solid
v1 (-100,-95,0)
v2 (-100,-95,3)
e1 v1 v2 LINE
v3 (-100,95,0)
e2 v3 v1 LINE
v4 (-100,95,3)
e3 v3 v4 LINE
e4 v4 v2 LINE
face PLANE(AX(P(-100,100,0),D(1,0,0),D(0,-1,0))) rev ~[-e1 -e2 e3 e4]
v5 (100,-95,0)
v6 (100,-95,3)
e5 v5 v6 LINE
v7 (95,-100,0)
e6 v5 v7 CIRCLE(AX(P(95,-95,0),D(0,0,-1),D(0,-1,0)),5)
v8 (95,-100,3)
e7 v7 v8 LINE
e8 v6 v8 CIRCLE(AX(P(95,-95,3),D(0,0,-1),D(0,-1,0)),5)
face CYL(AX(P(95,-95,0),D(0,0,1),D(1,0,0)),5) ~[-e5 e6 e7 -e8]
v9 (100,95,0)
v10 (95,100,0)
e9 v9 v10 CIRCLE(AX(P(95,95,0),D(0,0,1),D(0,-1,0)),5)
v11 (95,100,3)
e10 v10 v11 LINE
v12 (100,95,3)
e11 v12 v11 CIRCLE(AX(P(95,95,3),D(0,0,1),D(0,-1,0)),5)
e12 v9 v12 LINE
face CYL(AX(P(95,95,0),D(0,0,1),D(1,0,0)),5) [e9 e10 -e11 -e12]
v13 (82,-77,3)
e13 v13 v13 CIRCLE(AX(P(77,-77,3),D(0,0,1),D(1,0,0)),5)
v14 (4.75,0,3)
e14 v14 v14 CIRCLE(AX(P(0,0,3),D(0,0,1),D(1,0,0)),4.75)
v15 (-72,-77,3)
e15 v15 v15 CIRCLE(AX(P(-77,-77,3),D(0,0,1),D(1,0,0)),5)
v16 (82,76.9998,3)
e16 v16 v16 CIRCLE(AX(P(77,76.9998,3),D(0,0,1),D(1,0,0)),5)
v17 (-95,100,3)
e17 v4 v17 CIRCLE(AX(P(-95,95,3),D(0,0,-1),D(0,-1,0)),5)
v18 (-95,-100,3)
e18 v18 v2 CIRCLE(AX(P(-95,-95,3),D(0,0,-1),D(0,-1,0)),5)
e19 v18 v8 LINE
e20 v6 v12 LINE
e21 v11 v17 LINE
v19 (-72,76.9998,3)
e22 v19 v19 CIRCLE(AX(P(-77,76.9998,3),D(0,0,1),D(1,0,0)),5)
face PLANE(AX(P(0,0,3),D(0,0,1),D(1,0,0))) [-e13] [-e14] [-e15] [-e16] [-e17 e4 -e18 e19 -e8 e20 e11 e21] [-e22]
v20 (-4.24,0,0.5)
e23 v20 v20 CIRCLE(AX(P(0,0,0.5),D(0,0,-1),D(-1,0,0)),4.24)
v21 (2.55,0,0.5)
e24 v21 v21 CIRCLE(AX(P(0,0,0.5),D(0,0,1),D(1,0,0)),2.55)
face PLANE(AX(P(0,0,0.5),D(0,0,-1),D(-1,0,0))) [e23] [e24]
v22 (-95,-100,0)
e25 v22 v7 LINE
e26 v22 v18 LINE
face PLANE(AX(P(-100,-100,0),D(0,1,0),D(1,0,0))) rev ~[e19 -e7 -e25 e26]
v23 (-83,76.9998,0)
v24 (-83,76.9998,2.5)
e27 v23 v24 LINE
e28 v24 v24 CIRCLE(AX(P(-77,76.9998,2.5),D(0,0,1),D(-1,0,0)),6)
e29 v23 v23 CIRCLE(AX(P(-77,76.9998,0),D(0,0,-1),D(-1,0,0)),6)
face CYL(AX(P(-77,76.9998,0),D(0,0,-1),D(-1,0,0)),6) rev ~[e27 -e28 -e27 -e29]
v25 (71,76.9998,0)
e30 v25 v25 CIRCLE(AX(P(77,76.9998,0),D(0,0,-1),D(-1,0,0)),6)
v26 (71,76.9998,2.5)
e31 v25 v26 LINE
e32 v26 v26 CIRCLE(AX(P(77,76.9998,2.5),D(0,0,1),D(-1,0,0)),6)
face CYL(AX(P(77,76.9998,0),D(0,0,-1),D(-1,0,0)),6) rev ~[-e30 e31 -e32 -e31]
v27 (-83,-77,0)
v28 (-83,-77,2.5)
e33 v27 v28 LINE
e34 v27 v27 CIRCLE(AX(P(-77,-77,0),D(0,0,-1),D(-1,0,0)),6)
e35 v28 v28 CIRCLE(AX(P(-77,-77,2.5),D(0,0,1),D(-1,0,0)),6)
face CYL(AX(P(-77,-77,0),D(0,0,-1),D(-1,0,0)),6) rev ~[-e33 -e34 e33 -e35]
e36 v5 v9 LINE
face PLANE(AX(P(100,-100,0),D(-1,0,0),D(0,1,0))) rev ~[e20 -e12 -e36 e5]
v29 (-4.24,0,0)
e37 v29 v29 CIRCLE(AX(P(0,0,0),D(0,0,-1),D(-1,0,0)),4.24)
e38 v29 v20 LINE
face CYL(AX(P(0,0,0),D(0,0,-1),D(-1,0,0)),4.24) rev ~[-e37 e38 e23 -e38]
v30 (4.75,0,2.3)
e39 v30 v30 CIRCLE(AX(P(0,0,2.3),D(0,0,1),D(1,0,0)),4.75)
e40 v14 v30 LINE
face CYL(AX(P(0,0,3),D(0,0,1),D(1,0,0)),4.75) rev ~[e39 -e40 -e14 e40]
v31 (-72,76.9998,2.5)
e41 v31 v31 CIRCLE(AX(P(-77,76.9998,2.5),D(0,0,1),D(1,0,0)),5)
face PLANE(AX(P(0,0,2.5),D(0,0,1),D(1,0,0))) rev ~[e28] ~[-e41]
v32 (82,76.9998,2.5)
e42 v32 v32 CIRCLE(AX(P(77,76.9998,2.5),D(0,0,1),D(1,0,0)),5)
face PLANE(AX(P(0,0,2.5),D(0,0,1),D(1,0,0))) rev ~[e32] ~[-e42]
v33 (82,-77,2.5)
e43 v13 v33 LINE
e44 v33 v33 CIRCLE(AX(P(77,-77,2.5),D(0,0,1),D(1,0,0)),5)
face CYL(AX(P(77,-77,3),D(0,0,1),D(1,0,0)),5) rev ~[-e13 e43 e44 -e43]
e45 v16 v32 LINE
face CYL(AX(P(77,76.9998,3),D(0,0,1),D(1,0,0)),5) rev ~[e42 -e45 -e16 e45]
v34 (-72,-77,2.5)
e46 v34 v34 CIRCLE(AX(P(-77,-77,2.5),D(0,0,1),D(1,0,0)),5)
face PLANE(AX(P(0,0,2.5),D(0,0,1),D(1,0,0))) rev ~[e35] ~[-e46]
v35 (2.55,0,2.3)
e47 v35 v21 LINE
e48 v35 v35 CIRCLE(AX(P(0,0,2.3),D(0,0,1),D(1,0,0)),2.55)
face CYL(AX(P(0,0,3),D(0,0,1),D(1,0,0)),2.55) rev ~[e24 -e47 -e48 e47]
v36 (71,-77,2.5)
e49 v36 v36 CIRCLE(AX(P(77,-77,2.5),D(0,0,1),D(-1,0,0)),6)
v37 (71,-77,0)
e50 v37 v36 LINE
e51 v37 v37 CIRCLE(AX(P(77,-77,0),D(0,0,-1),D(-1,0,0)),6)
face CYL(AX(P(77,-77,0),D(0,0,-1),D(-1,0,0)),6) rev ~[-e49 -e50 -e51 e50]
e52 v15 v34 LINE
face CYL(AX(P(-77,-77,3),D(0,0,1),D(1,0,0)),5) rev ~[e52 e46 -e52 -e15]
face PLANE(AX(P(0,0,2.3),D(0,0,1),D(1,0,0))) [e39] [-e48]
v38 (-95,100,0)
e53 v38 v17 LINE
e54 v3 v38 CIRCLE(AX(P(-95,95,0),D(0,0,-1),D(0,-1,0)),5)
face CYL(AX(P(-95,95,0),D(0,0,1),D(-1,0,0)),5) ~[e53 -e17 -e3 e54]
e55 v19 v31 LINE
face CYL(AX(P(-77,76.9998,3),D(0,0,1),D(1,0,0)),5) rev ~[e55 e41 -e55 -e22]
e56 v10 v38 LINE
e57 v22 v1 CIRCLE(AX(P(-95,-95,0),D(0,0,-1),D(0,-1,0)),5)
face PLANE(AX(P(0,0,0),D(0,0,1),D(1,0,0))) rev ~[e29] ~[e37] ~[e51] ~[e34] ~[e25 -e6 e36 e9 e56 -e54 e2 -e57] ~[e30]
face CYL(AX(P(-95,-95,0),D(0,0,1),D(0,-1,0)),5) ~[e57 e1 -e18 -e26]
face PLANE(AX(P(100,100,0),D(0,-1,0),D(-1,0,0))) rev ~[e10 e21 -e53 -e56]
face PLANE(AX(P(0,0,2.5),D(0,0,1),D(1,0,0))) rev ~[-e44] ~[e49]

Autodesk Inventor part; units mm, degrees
ref_plane "YZ Plane" through (0, 0, 0) normal (1, 0, 0) x (0, 1, 0)
ref_plane "XZ Plane" through (0, 0, 0) normal (0, 1, 0) x (-1, 0, 0)
ref_plane "XY Plane" through (0, 0, 0) normal (0, 0, 1) x (1, 0, 0)
sketch "Sketch1" plane through (0, 0, 0) normal (0, 0, 1) x (1, 0, 0)
  line L0 (100, 100) -> (-100, 100)
  line L1 (-100, 100) -> (-100, -100)
  line L2 (-100, -100) -> (100, -100)
  line L3 (100, -100) -> (100, 100)
  line L4 (100, 100) -> (-100, -100) construction
  line L5 (-100, 100) -> (100, -100) construction
  point P0 (0, 0)
  dimension "d0" = 200
  dimension "d1" = 200
extrude "Extrusion1" add sketch "Sketch1" along normal blind 3
fillet "Fillet1" radius 5 4 edges at (100, 100, 1.5) (-100, 100, 1.5) (100, -100, 1.5) (-100, -100, 1.5)
sketch "Sketch2" plane through (0, 0, 3) normal (0, 0, 1) x (1, 0, 0)
  circle A0 centre (0, 0) radius 2.55
  dimension "d5" = 5.1
extrude "Extrusion2" cut sketch "Sketch2" against normal blind 10
sketch "Sketch3" plane through (0, 0, 3) normal (0, 0, 1) x (1, 0, 0)
  circle A0 centre (0, 0) radius 4.75
  dimension "d10" = 9.5
extrude "Extrusion3" cut sketch "Sketch3" against normal blind 0.7
sketch "Sketch4" plane through (0, 0, 0) normal (0, 0, -1) x (-1, 0, 0)
  point P0 (0, 0)
sketch "Sketch5" plane through (0, 0, 0) normal (0, 0, -1) x (-1, 0, 0)
  point P0 (0, 0)
sketch "Sketch6" plane through (0, 0, 0) normal (0, 0, -1) x (-1, 0, 0)
  circle A0 centre (-77, 76.9998) radius 6
  line L0 (-93.7439, 99.9999) -> (-93.7439, -0.0001)
  line L1 (-93.7439, -0.0001) -> (78.7368, -0.0001)
  circle A1 centre (-77, -77) radius 6
  line L2 (95, -100) -> (-95, -100) projected
  line L3 (0, -100) -> (0, 48.6306)
  circle A2 centre (77, 76.9998) radius 6
  circle A3 centre (77, -77) radius 6
  line L4 (-100, -95) -> (-100, 95) projected
  point P0 (0, 0)
  point P1 (-93.7439, 89.8675)
  point P2 (-93.7439, 85.1564)
  dimension "d11" = 12
  dimension "d13" = 100
  dimension "d22" = 23
  dimension "d23" = 23
extrude "Extrusion4" cut sketch "Sketch6" against normal blind 10
sketch "Sketch8" plane through (0, 0, 0) normal (0, 0, -1) x (-1, 0, 0)
  circle A0 centre (0, 0) radius 4.24
  dimension "d19" = 8.48
extrude "Extrusion6" cut sketch "Sketch8" against normal blind 0.5
sketch "Sketch9" plane through (0, 0, 3) normal (0, 0, 1) x (1, 0, 0)
  circle A0 centre (-77, -77) radius 6 projected
  circle A1 centre (-77, -77) radius 5
  circle A2 centre (77, -77) radius 6 projected
  circle A3 centre (77, -77) radius 5
  circle A4 centre (77, 76.9998) radius 6 projected
  circle A5 centre (77, 76.9998) radius 5
  circle A6 centre (-77, 76.9998) radius 6 projected
  circle A7 centre (-77, 76.9998) radius 5
  point P0 (0, 0)
  dimension "d24" = 10
  dimension "d25" = 10
  dimension "d26" = 10
  dimension "d27" = 10
extrude "Extrusion7" add sketch "Sketch9" against normal blind 0.5
properties part number "Plate" material "Aluminum 6061"
